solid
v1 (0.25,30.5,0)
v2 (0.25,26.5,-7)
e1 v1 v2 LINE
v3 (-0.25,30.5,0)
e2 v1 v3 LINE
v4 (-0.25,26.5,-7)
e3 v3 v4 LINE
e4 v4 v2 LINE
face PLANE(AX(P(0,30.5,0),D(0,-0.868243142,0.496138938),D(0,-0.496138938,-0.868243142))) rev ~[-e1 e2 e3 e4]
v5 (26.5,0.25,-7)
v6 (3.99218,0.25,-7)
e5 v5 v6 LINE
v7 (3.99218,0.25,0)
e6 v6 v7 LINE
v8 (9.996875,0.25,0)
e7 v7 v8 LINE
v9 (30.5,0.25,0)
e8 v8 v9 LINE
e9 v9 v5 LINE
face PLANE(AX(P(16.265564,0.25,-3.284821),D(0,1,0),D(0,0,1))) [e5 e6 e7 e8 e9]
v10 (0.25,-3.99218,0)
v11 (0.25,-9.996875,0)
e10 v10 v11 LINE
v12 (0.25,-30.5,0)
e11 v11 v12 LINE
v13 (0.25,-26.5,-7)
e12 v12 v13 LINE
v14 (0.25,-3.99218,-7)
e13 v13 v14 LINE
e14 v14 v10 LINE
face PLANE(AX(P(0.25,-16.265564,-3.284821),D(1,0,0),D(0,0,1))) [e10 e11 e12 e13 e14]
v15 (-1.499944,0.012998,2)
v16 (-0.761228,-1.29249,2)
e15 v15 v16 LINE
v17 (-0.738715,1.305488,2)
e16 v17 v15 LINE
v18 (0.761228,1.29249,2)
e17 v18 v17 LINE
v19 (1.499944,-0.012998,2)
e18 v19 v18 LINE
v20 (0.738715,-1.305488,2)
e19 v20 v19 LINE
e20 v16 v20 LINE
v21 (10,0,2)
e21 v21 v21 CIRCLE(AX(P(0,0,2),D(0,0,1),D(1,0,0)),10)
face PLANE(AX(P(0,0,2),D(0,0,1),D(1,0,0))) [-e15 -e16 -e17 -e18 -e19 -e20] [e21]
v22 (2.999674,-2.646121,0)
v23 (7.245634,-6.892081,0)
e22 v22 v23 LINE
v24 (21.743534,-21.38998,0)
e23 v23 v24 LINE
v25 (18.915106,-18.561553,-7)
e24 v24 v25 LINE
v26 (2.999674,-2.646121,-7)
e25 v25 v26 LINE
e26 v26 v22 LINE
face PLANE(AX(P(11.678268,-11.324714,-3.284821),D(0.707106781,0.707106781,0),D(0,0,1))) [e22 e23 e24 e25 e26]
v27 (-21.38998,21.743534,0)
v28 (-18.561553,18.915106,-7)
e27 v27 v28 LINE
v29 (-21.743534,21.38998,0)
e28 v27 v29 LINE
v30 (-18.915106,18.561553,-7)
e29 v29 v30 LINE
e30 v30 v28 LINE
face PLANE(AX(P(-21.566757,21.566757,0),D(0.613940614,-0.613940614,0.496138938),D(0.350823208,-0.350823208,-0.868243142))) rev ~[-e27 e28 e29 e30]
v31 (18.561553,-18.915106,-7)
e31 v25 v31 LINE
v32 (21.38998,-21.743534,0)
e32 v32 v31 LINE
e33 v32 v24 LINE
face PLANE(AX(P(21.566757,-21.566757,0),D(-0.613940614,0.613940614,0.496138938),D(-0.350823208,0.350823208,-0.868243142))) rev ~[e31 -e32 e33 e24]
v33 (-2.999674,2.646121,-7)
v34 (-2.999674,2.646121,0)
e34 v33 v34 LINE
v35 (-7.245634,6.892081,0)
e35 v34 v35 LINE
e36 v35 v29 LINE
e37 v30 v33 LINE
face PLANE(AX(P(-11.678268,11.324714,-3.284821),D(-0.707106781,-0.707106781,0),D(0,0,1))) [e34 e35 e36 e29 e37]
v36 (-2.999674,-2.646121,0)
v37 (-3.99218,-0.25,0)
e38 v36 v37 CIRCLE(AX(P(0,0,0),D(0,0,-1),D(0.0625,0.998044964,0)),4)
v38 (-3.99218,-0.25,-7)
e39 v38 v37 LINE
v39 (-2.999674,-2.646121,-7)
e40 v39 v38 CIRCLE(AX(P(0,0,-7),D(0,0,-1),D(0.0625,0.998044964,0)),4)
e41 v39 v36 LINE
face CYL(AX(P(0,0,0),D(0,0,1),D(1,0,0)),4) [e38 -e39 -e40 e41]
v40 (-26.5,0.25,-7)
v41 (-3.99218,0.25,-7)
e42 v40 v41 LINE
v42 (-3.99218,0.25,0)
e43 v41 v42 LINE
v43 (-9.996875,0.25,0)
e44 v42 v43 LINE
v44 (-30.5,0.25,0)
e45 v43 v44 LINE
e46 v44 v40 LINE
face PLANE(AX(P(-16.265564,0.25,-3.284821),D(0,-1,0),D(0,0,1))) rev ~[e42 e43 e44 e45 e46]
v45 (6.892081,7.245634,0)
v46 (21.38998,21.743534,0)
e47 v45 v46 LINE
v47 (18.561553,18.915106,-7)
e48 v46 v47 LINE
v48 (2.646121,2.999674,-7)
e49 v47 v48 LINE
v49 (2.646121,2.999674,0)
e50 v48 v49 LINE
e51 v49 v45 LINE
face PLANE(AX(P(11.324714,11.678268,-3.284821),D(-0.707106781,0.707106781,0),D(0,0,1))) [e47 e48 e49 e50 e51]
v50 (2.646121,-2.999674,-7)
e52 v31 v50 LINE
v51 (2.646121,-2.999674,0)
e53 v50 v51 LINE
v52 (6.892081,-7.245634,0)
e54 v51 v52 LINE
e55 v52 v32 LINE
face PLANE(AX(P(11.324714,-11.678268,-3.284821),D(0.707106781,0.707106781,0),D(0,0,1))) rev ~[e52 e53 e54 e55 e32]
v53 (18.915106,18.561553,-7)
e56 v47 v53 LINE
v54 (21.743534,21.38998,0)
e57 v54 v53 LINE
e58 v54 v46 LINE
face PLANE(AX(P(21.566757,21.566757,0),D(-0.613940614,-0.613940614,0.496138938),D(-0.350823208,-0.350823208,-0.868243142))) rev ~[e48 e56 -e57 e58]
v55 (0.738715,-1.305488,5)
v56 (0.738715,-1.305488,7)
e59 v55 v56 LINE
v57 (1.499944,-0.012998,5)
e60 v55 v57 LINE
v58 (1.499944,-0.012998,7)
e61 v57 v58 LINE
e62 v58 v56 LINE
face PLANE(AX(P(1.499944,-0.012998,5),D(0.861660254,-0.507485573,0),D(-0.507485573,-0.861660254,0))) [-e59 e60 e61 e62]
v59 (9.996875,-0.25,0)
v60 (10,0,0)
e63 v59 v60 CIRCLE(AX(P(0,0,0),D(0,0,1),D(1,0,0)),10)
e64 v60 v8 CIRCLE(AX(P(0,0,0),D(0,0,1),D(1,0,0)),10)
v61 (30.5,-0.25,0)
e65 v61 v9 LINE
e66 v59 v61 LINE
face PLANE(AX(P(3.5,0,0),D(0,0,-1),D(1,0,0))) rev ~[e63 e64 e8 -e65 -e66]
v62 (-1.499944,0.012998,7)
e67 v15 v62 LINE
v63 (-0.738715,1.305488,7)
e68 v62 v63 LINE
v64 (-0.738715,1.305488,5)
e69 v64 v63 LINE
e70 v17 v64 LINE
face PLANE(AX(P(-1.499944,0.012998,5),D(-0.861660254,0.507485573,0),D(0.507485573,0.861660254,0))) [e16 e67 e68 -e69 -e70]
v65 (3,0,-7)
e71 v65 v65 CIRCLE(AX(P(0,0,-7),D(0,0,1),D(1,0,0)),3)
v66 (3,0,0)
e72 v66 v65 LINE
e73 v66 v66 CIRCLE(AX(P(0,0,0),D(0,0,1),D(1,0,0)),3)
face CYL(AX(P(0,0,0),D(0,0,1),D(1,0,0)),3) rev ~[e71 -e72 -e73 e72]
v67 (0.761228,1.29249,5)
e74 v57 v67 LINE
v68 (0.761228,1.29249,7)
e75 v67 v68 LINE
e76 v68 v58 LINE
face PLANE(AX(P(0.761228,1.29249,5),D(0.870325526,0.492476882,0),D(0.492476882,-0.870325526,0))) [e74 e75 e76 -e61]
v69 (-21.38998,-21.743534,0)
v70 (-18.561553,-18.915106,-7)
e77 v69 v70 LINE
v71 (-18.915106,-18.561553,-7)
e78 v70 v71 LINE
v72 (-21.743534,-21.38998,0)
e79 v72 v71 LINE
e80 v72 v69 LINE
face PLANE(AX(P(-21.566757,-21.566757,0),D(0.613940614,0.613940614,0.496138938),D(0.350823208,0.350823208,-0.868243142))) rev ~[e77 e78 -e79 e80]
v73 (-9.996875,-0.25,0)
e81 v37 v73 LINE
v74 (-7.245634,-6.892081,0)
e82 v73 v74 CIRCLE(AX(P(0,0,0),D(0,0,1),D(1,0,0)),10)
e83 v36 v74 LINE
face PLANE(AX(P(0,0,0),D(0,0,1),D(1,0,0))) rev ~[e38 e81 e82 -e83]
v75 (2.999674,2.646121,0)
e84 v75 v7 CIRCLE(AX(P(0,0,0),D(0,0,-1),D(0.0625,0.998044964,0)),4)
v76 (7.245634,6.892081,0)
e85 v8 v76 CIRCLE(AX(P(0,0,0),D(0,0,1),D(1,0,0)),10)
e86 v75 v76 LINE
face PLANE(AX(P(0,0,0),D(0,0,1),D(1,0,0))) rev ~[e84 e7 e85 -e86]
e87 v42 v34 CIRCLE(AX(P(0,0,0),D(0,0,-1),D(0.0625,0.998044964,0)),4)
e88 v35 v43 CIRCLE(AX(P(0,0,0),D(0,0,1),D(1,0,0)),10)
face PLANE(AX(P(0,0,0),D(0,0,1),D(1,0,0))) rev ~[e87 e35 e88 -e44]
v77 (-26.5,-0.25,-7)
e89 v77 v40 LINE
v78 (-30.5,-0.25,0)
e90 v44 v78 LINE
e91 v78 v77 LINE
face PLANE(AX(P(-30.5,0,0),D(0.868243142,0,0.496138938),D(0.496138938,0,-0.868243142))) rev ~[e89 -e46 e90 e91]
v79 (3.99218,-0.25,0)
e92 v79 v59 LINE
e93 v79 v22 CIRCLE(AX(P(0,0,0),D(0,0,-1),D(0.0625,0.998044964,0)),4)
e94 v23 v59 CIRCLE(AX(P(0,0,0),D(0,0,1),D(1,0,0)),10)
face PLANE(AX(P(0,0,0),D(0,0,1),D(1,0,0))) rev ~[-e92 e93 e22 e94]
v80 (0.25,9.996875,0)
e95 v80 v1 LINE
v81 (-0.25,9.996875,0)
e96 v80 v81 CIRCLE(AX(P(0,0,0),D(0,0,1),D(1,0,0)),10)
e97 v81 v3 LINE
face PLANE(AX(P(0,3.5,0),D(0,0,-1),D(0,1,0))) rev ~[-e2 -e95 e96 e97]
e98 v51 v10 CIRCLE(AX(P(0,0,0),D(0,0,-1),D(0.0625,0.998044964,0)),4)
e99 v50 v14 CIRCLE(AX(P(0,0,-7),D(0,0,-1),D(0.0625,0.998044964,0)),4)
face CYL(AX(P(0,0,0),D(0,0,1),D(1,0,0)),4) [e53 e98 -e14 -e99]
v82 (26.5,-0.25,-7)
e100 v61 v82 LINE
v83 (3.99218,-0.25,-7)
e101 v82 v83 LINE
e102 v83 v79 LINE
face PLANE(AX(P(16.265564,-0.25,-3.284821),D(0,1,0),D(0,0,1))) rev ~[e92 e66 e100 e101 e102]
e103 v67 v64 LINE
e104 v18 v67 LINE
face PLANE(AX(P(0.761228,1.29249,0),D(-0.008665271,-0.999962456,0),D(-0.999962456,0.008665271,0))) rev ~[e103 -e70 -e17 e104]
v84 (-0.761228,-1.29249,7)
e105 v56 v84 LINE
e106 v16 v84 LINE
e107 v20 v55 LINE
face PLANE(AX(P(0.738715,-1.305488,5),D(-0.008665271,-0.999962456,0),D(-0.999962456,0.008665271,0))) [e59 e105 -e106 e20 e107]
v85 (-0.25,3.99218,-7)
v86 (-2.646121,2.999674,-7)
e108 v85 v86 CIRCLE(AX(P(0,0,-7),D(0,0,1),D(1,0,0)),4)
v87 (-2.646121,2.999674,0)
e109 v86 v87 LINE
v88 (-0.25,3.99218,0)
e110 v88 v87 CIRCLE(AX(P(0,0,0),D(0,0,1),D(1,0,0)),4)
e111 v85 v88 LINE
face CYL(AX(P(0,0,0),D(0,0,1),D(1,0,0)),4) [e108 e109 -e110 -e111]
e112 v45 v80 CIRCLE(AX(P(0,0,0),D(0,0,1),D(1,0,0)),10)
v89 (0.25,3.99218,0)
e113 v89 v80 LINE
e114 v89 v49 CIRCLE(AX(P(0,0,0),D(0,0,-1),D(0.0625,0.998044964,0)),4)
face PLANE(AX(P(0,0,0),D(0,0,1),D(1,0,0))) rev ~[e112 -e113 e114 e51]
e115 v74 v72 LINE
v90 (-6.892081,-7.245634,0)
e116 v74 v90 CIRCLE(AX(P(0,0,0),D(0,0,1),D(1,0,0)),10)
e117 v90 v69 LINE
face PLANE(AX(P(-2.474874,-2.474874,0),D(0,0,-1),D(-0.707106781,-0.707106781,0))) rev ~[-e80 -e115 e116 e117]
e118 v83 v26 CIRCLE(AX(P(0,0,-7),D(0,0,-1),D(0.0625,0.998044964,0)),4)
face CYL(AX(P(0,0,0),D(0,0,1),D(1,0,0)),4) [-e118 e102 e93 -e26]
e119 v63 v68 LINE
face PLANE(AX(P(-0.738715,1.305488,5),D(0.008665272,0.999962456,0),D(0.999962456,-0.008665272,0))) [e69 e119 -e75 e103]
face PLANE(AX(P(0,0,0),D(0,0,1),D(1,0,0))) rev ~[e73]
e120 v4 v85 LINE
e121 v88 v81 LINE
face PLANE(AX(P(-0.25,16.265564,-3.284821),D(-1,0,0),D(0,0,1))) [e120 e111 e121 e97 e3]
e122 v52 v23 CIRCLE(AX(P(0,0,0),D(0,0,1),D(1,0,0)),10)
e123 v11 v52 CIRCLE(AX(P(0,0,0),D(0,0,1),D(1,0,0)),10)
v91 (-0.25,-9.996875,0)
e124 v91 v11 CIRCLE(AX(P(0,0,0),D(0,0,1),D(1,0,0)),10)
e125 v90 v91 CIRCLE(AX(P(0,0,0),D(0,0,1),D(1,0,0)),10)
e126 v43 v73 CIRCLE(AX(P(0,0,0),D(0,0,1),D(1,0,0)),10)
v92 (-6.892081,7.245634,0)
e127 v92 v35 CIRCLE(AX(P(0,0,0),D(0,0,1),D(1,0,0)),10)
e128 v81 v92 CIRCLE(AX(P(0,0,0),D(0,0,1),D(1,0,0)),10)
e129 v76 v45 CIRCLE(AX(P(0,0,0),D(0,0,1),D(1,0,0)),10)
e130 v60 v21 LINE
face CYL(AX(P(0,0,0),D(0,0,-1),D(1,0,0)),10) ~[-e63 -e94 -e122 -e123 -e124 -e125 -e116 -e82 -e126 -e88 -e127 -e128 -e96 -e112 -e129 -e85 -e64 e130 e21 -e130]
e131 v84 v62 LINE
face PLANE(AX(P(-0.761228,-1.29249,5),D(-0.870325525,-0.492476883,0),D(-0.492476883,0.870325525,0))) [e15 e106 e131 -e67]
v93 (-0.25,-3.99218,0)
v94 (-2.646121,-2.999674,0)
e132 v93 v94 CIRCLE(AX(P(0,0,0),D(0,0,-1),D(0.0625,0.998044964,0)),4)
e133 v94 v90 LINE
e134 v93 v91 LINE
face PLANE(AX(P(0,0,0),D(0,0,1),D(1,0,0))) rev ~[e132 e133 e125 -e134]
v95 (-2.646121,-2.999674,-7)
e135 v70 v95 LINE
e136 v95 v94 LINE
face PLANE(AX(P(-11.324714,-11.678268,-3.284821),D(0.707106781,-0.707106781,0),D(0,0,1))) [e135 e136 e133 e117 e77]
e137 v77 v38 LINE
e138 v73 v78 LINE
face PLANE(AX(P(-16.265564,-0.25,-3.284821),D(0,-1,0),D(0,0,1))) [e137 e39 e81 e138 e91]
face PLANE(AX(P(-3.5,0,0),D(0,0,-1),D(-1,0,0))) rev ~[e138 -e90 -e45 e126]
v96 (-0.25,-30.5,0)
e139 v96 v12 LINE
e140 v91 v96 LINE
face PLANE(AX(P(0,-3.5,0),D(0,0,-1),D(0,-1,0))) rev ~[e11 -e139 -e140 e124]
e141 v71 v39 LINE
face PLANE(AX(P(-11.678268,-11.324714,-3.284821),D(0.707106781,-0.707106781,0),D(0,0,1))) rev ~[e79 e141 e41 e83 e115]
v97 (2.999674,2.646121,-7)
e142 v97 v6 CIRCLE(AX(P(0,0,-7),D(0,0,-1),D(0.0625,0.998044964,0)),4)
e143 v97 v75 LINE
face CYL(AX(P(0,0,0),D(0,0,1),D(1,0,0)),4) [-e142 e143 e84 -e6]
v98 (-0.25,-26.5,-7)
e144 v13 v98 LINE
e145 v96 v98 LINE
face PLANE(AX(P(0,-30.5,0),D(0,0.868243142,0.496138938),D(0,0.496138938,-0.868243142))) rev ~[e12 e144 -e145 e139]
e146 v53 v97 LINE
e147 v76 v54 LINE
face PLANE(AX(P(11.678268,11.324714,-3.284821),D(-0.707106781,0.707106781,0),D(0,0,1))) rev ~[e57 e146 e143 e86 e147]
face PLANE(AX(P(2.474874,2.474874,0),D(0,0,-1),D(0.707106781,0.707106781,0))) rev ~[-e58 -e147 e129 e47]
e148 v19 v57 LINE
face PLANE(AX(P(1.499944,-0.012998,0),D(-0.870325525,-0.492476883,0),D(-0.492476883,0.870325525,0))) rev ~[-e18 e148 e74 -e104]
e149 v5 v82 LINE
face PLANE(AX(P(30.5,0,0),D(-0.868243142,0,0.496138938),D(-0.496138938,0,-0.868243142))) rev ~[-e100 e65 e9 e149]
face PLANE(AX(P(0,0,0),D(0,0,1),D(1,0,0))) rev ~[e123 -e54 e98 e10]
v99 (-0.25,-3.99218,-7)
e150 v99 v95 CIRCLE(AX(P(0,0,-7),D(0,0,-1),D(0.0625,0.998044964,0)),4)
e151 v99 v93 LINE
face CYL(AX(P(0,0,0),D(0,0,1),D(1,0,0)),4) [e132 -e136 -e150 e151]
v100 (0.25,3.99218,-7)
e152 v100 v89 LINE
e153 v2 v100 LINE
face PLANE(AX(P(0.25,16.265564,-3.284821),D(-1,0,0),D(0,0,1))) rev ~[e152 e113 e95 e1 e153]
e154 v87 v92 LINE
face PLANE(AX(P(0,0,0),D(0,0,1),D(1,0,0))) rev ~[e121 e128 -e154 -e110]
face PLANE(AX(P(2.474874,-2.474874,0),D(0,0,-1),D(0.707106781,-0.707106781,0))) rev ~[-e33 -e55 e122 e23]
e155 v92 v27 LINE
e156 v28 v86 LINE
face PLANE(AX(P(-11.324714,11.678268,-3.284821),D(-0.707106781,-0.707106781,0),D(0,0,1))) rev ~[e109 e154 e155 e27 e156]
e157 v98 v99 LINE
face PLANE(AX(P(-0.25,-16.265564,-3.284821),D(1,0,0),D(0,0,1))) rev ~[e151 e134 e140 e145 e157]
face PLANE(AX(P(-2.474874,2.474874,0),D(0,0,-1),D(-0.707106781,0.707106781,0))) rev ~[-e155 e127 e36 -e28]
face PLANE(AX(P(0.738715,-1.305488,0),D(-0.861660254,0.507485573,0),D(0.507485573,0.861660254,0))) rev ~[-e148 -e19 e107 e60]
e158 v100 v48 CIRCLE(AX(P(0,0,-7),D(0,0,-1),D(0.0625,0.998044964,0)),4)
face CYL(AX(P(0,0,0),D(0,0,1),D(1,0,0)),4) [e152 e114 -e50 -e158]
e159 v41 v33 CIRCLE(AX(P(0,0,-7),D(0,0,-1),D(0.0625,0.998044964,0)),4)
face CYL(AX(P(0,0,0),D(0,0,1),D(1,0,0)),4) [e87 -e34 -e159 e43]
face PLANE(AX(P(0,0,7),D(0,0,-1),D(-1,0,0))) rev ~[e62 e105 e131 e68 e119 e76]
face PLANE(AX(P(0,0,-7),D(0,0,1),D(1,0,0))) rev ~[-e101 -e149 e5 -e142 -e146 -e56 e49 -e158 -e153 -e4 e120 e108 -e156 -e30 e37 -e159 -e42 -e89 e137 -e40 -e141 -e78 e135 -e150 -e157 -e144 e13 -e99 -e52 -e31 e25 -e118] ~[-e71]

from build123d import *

# Parameters (mm, degrees)
BOSS_EXTRUDE1_DEPTH = 5
SKETCH2_R           = 10
BOSS_EXTRUDE2_DEPTH = 2
SKETCH4_R           = 4
SKETCH4_R_2         = 3
BOSS_EXTRUDE3_DEPTH = 7
BOSS_EXTRUDE5_DEPTH = 0.25
CIRPATTERN1_COUNT   = 8
BOSS_EXTRUDE6_DEPTH = 2


with BuildPart() as part:
    # Sketch1 → Boss-Extrude1 (new body)
    with BuildSketch(Plane.XY):
        Polygon((-0.738715324, 1.305488288), (-1.499943684, 0.012997907), (-0.76122836, -1.292490381), (0.738715324, -1.305488288), (1.499943684, -0.012997907), (0.76122836, 1.292490381), align=None)
    extrude(amount=BOSS_EXTRUDE1_DEPTH)

    # Sketch2 → Boss-Extrude2 (add)
    with BuildSketch(Plane.XY):
        Circle(SKETCH2_R)
    extrude(amount=BOSS_EXTRUDE2_DEPTH)

    # Sketch4 → Boss-Extrude3 (add)
    with BuildSketch(Plane.XY):
        Circle(SKETCH4_R)
        Circle(SKETCH4_R_2, mode=Mode.SUBTRACT)
    extrude(amount=-BOSS_EXTRUDE3_DEPTH)

    # Sketch7 → Boss-Extrude5 (add, symmetric)
    with BuildSketch(Plane(origin=(0, 0, 0), x_dir=(0, 0, -1), z_dir=(1, 0, 0))):
        Polygon((7, 3.5), (0, 3.5), (0, 30.5), (7, 26.5), align=None)
    boss_extrude5 = extrude(amount=BOSS_EXTRUDE5_DEPTH, both=True)

    # CirPattern1: Boss-Extrude5 ×8 about axis
    cirpattern1_axis = Axis((0, 0, 0), (0, 0, 1))
    for i in range(1, CIRPATTERN1_COUNT):
        add(boss_extrude5.rotate(cirpattern1_axis, i * 360 / CIRPATTERN1_COUNT))

    # Sketch9 → Boss-Extrude6 (add)
    with BuildSketch(Plane(origin=(-1.499943684, 0.012997907, 5), x_dir=(-1, 0, 0), z_dir=(0, 0, -1))):
        Polygon((-0.76122836, 1.292490381), (-2.261172044, 1.279492473), (-2.999887367, -0.025995815), (-2.238659008, -1.318486195), (-0.738715324, -1.305488288), (0, 0), align=None)
    extrude(amount=-BOSS_EXTRUDE6_DEPTH)


solid = part.part
